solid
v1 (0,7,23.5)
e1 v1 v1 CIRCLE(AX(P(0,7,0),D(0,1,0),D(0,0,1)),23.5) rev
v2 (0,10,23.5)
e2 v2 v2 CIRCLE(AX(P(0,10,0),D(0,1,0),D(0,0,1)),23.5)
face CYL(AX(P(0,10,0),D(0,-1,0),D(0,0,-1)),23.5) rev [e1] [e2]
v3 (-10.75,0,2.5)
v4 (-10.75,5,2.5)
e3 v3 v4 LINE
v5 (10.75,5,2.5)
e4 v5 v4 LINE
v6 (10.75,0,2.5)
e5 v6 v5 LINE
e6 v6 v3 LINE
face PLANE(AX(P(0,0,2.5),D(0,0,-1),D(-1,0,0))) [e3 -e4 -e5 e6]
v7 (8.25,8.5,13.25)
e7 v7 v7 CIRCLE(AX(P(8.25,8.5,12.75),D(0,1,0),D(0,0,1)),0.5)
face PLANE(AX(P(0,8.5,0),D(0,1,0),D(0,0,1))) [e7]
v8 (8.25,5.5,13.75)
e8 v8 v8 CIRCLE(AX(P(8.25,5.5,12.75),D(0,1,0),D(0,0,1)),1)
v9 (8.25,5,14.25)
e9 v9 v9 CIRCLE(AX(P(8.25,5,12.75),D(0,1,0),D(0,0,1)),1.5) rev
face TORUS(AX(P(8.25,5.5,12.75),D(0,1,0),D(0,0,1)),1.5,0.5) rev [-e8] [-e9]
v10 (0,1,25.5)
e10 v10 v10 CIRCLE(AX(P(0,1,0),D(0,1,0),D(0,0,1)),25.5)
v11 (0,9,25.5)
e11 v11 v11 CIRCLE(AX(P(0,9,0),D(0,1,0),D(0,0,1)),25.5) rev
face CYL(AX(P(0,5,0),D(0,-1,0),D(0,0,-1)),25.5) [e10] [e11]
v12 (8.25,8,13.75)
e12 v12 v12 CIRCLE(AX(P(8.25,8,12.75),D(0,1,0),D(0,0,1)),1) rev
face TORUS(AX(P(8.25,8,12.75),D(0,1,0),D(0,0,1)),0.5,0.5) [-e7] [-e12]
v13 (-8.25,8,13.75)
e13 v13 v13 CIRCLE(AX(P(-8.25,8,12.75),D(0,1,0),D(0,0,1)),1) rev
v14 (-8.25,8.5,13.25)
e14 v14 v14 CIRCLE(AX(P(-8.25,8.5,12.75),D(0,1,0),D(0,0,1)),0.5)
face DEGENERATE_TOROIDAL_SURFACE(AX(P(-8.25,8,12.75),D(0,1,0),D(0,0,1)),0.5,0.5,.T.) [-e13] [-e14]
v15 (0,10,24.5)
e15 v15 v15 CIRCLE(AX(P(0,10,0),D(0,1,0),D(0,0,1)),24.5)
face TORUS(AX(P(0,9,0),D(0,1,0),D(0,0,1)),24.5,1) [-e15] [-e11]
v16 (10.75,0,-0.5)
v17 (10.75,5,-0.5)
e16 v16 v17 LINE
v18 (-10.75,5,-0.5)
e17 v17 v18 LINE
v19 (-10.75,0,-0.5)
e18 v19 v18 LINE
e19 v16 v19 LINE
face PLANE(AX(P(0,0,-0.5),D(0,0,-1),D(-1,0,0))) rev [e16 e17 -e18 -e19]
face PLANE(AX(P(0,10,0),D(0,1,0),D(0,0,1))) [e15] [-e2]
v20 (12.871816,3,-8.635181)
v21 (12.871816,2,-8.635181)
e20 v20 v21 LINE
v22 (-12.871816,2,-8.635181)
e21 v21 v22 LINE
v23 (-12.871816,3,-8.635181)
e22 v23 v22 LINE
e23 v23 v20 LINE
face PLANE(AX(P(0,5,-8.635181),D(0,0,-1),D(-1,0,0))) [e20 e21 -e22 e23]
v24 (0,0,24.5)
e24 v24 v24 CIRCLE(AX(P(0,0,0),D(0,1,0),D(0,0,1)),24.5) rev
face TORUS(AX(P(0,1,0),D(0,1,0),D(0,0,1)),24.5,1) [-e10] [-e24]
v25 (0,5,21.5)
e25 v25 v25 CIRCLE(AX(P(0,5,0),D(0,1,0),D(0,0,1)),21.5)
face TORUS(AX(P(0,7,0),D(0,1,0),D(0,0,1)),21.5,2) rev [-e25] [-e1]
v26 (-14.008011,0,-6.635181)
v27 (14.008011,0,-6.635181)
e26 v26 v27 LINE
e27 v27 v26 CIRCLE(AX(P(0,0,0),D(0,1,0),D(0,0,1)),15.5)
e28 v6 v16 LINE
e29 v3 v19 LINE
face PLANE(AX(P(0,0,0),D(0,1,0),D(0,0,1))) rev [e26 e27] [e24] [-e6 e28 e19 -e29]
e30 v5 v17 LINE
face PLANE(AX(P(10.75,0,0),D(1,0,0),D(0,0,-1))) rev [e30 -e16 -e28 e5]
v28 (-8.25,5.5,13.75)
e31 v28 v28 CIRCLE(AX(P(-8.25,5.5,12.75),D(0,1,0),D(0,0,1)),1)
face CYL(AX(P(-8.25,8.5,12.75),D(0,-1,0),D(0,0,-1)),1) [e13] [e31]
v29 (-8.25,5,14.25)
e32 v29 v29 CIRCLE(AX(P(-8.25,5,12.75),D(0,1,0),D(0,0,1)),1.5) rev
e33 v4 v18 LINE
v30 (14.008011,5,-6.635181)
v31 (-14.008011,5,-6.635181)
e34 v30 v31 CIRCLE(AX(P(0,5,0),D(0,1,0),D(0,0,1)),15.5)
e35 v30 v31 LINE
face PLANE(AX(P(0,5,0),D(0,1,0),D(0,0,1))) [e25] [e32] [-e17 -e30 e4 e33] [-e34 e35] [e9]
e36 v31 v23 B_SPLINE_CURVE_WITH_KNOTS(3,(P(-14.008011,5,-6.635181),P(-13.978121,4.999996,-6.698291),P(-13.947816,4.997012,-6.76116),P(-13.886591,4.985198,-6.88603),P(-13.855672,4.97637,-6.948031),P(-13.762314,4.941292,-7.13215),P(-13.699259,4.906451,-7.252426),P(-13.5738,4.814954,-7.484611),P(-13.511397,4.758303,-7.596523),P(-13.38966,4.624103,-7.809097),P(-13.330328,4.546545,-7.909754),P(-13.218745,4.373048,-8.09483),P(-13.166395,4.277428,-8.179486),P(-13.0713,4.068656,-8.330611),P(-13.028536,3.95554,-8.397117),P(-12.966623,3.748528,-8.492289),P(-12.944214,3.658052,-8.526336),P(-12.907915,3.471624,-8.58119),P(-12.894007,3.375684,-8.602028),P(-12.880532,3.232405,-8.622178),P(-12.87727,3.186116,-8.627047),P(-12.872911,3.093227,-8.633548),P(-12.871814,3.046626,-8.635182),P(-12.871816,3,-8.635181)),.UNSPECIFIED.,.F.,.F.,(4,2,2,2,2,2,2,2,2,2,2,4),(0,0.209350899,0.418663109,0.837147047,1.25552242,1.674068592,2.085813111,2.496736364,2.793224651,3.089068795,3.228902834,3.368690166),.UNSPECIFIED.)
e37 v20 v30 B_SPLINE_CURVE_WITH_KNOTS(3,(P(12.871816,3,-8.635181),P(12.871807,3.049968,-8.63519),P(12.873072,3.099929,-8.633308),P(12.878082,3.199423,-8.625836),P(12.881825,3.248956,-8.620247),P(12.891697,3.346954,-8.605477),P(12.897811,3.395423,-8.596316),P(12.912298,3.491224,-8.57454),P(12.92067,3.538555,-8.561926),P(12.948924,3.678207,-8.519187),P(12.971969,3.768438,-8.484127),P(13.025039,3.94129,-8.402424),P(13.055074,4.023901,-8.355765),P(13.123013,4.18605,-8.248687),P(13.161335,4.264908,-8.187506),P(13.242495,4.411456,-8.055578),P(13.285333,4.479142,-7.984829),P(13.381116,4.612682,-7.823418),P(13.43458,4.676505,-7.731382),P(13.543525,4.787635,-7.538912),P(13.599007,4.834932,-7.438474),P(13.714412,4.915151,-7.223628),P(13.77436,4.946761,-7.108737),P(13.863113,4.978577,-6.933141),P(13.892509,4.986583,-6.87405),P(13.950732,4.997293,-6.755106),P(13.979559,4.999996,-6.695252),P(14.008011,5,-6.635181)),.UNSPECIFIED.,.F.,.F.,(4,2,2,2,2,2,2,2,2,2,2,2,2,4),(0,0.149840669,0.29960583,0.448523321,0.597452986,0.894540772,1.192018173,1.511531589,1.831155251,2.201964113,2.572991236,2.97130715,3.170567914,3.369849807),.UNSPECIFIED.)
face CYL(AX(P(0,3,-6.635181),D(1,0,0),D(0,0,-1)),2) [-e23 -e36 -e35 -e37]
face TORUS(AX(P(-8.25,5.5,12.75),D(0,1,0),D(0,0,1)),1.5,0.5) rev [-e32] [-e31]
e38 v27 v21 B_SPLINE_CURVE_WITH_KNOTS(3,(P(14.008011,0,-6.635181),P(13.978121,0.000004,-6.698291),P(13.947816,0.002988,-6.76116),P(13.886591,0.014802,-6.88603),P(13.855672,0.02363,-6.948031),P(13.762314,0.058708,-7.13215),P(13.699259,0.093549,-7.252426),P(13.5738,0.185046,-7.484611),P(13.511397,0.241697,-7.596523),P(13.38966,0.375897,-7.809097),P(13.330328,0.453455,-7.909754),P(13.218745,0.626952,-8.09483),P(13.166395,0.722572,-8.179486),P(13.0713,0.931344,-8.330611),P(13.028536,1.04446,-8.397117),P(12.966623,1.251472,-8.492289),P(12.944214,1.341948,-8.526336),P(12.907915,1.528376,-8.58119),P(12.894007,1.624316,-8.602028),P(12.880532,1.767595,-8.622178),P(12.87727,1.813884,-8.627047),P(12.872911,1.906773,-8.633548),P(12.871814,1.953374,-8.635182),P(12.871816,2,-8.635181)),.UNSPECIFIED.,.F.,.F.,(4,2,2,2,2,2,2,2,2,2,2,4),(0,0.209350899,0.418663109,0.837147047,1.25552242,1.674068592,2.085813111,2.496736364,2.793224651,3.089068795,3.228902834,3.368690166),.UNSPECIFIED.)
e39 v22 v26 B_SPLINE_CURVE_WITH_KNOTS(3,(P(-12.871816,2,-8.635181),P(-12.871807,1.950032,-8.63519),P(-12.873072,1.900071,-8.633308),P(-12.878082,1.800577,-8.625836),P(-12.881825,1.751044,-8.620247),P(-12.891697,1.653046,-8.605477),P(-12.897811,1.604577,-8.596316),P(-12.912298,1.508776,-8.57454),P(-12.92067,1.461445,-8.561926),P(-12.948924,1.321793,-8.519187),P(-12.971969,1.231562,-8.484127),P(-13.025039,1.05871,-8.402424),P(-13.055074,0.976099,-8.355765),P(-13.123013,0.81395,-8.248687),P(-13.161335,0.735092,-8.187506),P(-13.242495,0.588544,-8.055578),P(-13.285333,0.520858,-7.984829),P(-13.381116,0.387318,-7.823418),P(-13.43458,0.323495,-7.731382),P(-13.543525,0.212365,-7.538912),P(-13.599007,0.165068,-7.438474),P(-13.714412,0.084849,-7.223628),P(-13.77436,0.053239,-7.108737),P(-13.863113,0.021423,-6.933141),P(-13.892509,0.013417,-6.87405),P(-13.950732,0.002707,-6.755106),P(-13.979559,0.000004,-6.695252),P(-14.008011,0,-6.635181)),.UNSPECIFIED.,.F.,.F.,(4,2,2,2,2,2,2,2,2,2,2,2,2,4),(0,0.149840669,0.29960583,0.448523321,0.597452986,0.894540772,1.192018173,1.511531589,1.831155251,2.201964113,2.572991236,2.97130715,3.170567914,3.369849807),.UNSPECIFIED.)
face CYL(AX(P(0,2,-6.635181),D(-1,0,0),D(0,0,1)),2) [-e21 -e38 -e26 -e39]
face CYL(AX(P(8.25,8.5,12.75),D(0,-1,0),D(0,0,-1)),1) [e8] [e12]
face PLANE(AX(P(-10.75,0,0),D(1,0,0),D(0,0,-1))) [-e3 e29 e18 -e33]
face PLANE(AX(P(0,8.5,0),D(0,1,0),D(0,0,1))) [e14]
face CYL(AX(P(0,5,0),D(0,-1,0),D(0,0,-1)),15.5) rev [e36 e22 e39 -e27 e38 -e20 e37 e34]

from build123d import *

# Parameters (mm, degrees)
SKETCH1_R           = 25.500000000000004
SKETCH1_R_2         = 15.5
BOSS_EXTRUDE1_DEPTH = 5
SKETCH2_R           = 25.5
SKETCH2_R_2         = 23.500000000000004
BOSS_EXTRUDE2_DEPTH = 5
FILLET1_R           = 2
CUT_EXTRUDE1_DEPTH  = 5
BOSS_EXTRUDE3_DEPTH = 3.5
FILLET2_R           = 0.5
FILLET3_R           = 1


with BuildPart() as part:
    # Sketch1 → Boss-Extrude1 (new body)
    # profile 1 of 2: a face of its own
    with BuildSketch(Plane(origin=(0, 0, 0), x_dir=(1, 0, 0), z_dir=(0, 1, 0))):
        with Locations(Location((0, 0, 0), (0, 0, 270))):
            Circle(SKETCH1_R)
        Circle(SKETCH1_R_2, mode=Mode.SUBTRACT)
    # profile 2 of 2: a face of its own
    with BuildSketch(Plane(origin=(0, 0, 0), x_dir=(1, 0, 0), z_dir=(0, 1, 0))):
        with BuildLine():
            Line((12.871816372215148, 8.635180558620302), (-12.871816372215148, 8.635180558620302))
            ThreePointArc((-12.871816372215148, 8.635180558620304), (-4.51313894261329, -14.828404394427182), (15.5, -3.8e-15))
            ThreePointArc((15.5, 0), (14.828404394427182, 4.513138942613289), (12.871816372215148, 8.635180558620304))
        make_face()
    extrude(amount=BOSS_EXTRUDE1_DEPTH)

    # Sketch2 → Boss-Extrude2 (add)
    with BuildSketch(Plane(origin=(0, 5, 0), x_dir=(1, 0, 0), z_dir=(0, 1, 0))):
        with Locations(Location((0, 0, 0), (0, 0, 270))):
            Circle(SKETCH2_R)
        with Locations(Location((0, 0, 0), (0, 0, 270))):
            Circle(SKETCH2_R_2, mode=Mode.SUBTRACT)
    extrude(amount=BOSS_EXTRUDE2_DEPTH)

    # Fillet1
    fillet1_edges = [part.edges().sort_by_distance(p)[0] for p in [
        (1.763e-14, 5, -23.500000000000004),
        (0, 0, -8.635180558620302),
        (0, 5, -8.635180558620302),
    ]]
    fillet(fillet1_edges, radius=FILLET1_R)

    # Sketch3 → Cut-Extrude1 (cut)
    with BuildSketch(Plane(origin=(0, 5, 0), x_dir=(1, 0, 0), z_dir=(0, 1, 0))):
        Polygon((-10.75, -2.5000000000000018), (10.75, -2.499999999999999), (10.75, 0.5000000000000018), (-10.75, 0.4999999999999983), align=None)
    extrude(amount=-CUT_EXTRUDE1_DEPTH, mode=Mode.SUBTRACT)

    # Sketch5 → Boss-Extrude3 (add)
    with BuildSketch(Plane(origin=(0, 5, 0), x_dir=(1, 0, 0), z_dir=(0, 1, 0))):
        with BuildLine():
            ThreePointArc((8.250000000000018, -13.750000000000004), (8.957106781186555, -13.457106781186544), (9.250000000000002, -12.750000000000002))
            Line((9.250000000000002, -12.750000000000002), (8.25, -12.750000000000002))
            Line((8.25, -12.750000000000002), (8.25, -13.750000000000004))
        make_face()
        with BuildLine():
            Line((8.25, -12.750000000000002), (9.250000000000002, -12.750000000000002))
            ThreePointArc((9.250000000000002, -12.750000000000002), (7.542893218813445, -12.04289321881346), (8.250000000000018, -13.750000000000004))
            Line((8.25, -13.750000000000004), (8.25, -12.750000000000002))
        make_face()
        with BuildLine():
            ThreePointArc((-7.2499999999999964, -12.750000000000002), (-8.249999999999996, -11.750000000000002), (-9.249999999999996, -12.750000000000002))
            Line((-9.249999999999996, -12.750000000000002), (-8.249999999999996, -12.750000000000002))
            Line((-8.249999999999996, -12.750000000000002), (-8.249999999999996, -13.750000000000002))
            ThreePointArc((-8.249999999999979, -13.750000000000002), (-7.542893218813443, -13.457106781186543), (-7.2499999999999964, -12.750000000000002))
        make_face()
        with BuildLine():
            Line((-8.249999999999996, -12.750000000000002), (-9.249999999999996, -12.750000000000002))
            ThreePointArc((-9.249999999999996, -12.750000000000002), (-8.957106781186537, -13.457106781186555), (-8.249999999999979, -13.750000000000002))
            Line((-8.249999999999996, -13.750000000000002), (-8.249999999999996, -12.750000000000002))
        make_face()
    extrude(amount=BOSS_EXTRUDE3_DEPTH)

    # Fillet2
    fillet2_edges = [part.edges().sort_by_distance(p)[0] for p in [
        (8.249999999999986, 5, 11.750000000000002),
        (8.249999999999982, 8.5, 11.749999999999998),
        (-7.249999999999996, 5, 12.749999999999998),
        (-7.2499999999999964, 8.5, 12.750000000000002),
    ]]
    fillet(fillet2_edges, radius=FILLET2_R)

    # Fillet3
    fillet3_edges = [part.edges().sort_by_distance(p)[0] for p in [
        (7.81e-15, 10, -25.5),
        (7.81e-15, 0, -25.500000000000004),
    ]]
    fillet(fillet3_edges, radius=FILLET3_R)


solid = part.part
